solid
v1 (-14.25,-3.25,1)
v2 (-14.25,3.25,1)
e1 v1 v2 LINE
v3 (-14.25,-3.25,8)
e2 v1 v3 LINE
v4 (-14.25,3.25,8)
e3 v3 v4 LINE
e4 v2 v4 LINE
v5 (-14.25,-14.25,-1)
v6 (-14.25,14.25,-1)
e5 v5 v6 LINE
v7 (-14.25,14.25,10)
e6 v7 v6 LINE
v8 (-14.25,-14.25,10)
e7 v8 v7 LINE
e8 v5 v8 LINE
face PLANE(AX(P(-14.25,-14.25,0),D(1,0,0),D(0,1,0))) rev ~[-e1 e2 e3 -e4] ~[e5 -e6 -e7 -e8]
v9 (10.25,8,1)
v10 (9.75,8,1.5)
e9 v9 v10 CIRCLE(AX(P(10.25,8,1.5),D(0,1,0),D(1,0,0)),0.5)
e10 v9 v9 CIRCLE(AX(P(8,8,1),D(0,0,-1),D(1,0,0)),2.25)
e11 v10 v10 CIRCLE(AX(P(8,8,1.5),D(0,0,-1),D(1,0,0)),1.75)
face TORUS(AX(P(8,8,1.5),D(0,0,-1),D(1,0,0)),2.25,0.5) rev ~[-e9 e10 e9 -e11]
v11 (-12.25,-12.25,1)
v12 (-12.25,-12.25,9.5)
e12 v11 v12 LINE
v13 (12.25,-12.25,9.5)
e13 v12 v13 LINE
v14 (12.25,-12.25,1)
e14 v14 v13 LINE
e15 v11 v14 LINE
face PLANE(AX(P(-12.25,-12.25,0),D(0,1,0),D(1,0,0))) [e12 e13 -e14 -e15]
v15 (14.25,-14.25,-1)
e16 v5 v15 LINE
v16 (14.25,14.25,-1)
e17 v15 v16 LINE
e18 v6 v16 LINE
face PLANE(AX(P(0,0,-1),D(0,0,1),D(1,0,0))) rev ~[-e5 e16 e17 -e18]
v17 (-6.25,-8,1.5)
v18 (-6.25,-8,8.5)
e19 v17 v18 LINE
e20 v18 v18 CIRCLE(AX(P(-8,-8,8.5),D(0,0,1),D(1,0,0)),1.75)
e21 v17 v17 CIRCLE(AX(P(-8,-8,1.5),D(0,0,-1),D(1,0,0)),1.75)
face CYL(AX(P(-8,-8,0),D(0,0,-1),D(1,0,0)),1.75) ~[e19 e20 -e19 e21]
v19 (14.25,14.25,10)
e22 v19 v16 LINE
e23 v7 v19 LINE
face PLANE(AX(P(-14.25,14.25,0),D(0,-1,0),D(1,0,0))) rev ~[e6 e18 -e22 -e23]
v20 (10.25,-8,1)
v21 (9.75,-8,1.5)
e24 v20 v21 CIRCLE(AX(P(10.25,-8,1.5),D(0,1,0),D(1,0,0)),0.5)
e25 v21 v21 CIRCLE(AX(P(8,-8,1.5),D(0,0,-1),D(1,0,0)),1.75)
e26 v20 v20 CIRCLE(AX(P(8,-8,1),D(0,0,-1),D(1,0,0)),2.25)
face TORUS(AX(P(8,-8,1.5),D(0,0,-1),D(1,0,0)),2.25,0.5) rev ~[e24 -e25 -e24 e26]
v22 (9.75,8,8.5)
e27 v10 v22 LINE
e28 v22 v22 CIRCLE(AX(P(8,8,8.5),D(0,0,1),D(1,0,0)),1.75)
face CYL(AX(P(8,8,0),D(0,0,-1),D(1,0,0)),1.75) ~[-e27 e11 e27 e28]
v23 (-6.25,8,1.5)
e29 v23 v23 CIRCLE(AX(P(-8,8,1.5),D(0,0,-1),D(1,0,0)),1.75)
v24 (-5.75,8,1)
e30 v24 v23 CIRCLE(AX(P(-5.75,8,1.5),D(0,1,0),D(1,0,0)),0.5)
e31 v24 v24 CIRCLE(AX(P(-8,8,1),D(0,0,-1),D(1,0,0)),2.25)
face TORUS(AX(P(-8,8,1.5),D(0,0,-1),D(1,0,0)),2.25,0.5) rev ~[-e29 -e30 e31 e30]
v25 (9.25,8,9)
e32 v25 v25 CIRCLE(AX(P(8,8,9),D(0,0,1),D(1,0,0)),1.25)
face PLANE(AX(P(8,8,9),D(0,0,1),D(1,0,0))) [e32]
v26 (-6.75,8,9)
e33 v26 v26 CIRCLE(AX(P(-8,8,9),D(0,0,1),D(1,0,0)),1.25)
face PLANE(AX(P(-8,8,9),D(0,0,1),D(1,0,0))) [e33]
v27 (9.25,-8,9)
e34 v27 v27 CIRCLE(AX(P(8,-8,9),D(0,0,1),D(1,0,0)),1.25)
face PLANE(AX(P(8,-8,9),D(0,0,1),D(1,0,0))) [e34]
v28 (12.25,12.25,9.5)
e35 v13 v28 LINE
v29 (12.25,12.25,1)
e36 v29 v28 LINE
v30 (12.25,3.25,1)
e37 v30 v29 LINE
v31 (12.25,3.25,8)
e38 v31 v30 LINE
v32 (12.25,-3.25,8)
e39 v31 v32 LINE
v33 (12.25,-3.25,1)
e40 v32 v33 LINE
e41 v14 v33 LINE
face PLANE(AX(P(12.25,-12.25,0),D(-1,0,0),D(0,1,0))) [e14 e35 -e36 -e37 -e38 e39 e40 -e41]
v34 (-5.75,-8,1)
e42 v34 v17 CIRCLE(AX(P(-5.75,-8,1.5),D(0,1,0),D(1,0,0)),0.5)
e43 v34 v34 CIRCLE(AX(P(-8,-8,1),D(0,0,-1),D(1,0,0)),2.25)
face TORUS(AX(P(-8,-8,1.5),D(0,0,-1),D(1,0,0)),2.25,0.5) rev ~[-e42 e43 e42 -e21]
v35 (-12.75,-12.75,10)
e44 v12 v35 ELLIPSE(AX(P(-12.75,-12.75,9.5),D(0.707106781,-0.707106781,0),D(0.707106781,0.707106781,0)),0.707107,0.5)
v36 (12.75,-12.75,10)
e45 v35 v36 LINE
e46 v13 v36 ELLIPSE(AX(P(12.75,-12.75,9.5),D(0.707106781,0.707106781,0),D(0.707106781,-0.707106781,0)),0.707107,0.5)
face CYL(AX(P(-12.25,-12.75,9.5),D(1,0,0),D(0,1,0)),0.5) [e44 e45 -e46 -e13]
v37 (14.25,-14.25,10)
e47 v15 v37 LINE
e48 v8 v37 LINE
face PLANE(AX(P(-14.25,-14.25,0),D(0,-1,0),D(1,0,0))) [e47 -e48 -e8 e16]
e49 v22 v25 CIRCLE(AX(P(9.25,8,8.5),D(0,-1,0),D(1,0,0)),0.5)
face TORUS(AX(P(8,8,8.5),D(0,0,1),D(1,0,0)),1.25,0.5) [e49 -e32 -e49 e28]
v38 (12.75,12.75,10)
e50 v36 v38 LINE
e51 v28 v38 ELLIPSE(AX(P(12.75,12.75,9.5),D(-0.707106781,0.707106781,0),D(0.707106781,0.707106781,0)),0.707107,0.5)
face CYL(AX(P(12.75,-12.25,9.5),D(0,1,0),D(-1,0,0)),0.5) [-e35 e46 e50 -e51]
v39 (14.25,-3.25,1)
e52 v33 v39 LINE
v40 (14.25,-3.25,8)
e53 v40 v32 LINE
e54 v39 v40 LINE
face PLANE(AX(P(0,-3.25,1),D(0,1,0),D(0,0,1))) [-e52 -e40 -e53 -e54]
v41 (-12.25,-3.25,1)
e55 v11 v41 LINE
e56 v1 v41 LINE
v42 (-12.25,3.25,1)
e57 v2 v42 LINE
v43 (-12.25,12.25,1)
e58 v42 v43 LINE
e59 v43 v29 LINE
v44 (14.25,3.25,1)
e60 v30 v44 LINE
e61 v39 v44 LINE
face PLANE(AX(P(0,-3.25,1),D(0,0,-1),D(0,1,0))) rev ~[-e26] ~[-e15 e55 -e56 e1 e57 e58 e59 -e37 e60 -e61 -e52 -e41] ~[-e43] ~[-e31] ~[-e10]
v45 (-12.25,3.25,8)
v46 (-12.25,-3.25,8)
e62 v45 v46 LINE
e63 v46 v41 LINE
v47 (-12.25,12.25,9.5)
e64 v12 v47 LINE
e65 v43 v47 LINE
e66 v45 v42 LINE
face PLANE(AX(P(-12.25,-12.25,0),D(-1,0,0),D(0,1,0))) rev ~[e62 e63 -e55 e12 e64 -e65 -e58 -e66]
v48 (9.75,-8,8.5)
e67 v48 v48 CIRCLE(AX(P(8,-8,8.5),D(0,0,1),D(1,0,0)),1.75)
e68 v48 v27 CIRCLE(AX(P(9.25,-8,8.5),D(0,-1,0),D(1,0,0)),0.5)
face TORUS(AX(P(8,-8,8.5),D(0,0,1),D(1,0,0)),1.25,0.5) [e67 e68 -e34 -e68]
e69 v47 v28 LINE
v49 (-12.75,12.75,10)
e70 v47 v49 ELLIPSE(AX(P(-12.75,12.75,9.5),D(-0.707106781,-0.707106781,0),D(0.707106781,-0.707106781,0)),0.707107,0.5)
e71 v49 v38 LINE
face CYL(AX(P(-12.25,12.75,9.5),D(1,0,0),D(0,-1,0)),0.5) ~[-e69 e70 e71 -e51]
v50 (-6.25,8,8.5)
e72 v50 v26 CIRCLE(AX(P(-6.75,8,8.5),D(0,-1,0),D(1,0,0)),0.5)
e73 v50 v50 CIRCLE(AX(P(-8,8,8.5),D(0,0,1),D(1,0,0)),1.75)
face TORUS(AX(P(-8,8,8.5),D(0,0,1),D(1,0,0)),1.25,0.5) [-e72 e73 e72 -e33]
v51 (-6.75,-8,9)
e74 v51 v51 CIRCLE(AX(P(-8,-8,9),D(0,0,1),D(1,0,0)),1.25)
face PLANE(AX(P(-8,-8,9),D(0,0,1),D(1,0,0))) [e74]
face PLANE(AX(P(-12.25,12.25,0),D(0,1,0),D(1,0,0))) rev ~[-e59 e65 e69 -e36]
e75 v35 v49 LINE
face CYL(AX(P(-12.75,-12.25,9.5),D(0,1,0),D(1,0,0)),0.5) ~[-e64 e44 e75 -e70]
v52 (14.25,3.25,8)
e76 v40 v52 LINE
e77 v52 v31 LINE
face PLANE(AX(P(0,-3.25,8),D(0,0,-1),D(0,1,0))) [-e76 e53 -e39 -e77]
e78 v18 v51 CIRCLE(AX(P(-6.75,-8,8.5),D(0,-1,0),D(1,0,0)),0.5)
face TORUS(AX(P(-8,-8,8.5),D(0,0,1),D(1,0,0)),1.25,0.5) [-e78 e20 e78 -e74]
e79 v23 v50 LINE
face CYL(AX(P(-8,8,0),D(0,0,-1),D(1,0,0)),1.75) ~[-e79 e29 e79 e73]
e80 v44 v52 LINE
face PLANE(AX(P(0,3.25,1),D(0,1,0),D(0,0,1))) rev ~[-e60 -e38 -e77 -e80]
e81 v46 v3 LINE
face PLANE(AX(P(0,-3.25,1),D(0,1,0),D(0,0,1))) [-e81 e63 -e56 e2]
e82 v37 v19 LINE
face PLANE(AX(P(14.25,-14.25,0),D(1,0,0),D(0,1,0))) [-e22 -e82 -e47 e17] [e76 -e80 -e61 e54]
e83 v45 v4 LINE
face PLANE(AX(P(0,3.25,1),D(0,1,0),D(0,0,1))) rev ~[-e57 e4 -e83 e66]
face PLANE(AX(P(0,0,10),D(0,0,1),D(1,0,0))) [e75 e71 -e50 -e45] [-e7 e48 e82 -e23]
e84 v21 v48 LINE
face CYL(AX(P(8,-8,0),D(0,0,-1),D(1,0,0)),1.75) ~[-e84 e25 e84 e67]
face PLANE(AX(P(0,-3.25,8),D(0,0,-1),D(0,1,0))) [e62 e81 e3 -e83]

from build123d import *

# Parameters (mm, degrees)
F0_W     = 24.5
F0_H     = 24.5
F1_DEPTH = 1
F2_W     = 28.5
F2_H     = 28.5
F2_W_2   = 24.5
F2_H_2   = 24.5
F3_DEPTH = 10
F4_W     = 6.5
F4_H     = 7
F5_DEPTH = 14.25
F6_R     = 1.75
F7_DEPTH = 9
F8_DEPTH = 1
F9_DEPTH = 1
F10_R    = 0.5


with BuildPart() as f1:
    # F0 (on Top) → F1 (new body)
    with BuildSketch(Plane.XY):
        Rectangle(F0_W, F0_H)
    extrude(amount=F1_DEPTH)

    # F2 (on Top) → F3 (join)
    with BuildSketch(Plane.XY):
        Rectangle(F2_W, F2_H)
        Rectangle(F2_W_2, F2_H_2, mode=Mode.SUBTRACT)
    extrude(amount=F3_DEPTH)

    # F4 (on Right) → F5 (cut, symmetric)
    with BuildSketch(Plane.YZ):
        with Locations((0, 4.5)):
            Rectangle(F4_W, F4_H)
    extrude(amount=F5_DEPTH, both=True, mode=Mode.SUBTRACT)

    # F6 (on Top) → F7 (join)
    with BuildSketch(Plane.XY):
        with Locations((-8, -8)):
            Circle(F6_R)
        with Locations((8, -8)):
            Circle(F6_R)
        with Locations((-8, 8)):
            Circle(F6_R)
        with Locations((8, 8)):
            Circle(F6_R)
    extrude(amount=F7_DEPTH)

    # F0 (on Top) → F8 (join)
    with BuildSketch(Plane.XY):
        Rectangle(F0_W, F0_H)
    extrude(amount=-F8_DEPTH)

    # F2 (on Top) → F9 (join)
    with BuildSketch(Plane.XY):
        Rectangle(F2_W, F2_H)
        Rectangle(F2_W_2, F2_H_2, mode=Mode.SUBTRACT)
    extrude(amount=-F9_DEPTH)

    # F10
    f10_edges = [f1.edges().sort_by_distance(p)[0] for p in [
        (0, -12.25, 10),
        (12.25, 0, 10),
        (0, 12.25, 10),
        (-12.25, 0, 10),
        (-9.75, -8, 9),
        (-9.75, 8, 9),
        (6.25, 8, 9),
        (6.25, -8, 9),
        (-9.75, 8, 1),
        (-9.75, -8, 1),
        (6.25, -8, 1),
        (6.25, 8, 1),
    ]]
    fillet(f10_edges, radius=F10_R)


solid = f1.part
